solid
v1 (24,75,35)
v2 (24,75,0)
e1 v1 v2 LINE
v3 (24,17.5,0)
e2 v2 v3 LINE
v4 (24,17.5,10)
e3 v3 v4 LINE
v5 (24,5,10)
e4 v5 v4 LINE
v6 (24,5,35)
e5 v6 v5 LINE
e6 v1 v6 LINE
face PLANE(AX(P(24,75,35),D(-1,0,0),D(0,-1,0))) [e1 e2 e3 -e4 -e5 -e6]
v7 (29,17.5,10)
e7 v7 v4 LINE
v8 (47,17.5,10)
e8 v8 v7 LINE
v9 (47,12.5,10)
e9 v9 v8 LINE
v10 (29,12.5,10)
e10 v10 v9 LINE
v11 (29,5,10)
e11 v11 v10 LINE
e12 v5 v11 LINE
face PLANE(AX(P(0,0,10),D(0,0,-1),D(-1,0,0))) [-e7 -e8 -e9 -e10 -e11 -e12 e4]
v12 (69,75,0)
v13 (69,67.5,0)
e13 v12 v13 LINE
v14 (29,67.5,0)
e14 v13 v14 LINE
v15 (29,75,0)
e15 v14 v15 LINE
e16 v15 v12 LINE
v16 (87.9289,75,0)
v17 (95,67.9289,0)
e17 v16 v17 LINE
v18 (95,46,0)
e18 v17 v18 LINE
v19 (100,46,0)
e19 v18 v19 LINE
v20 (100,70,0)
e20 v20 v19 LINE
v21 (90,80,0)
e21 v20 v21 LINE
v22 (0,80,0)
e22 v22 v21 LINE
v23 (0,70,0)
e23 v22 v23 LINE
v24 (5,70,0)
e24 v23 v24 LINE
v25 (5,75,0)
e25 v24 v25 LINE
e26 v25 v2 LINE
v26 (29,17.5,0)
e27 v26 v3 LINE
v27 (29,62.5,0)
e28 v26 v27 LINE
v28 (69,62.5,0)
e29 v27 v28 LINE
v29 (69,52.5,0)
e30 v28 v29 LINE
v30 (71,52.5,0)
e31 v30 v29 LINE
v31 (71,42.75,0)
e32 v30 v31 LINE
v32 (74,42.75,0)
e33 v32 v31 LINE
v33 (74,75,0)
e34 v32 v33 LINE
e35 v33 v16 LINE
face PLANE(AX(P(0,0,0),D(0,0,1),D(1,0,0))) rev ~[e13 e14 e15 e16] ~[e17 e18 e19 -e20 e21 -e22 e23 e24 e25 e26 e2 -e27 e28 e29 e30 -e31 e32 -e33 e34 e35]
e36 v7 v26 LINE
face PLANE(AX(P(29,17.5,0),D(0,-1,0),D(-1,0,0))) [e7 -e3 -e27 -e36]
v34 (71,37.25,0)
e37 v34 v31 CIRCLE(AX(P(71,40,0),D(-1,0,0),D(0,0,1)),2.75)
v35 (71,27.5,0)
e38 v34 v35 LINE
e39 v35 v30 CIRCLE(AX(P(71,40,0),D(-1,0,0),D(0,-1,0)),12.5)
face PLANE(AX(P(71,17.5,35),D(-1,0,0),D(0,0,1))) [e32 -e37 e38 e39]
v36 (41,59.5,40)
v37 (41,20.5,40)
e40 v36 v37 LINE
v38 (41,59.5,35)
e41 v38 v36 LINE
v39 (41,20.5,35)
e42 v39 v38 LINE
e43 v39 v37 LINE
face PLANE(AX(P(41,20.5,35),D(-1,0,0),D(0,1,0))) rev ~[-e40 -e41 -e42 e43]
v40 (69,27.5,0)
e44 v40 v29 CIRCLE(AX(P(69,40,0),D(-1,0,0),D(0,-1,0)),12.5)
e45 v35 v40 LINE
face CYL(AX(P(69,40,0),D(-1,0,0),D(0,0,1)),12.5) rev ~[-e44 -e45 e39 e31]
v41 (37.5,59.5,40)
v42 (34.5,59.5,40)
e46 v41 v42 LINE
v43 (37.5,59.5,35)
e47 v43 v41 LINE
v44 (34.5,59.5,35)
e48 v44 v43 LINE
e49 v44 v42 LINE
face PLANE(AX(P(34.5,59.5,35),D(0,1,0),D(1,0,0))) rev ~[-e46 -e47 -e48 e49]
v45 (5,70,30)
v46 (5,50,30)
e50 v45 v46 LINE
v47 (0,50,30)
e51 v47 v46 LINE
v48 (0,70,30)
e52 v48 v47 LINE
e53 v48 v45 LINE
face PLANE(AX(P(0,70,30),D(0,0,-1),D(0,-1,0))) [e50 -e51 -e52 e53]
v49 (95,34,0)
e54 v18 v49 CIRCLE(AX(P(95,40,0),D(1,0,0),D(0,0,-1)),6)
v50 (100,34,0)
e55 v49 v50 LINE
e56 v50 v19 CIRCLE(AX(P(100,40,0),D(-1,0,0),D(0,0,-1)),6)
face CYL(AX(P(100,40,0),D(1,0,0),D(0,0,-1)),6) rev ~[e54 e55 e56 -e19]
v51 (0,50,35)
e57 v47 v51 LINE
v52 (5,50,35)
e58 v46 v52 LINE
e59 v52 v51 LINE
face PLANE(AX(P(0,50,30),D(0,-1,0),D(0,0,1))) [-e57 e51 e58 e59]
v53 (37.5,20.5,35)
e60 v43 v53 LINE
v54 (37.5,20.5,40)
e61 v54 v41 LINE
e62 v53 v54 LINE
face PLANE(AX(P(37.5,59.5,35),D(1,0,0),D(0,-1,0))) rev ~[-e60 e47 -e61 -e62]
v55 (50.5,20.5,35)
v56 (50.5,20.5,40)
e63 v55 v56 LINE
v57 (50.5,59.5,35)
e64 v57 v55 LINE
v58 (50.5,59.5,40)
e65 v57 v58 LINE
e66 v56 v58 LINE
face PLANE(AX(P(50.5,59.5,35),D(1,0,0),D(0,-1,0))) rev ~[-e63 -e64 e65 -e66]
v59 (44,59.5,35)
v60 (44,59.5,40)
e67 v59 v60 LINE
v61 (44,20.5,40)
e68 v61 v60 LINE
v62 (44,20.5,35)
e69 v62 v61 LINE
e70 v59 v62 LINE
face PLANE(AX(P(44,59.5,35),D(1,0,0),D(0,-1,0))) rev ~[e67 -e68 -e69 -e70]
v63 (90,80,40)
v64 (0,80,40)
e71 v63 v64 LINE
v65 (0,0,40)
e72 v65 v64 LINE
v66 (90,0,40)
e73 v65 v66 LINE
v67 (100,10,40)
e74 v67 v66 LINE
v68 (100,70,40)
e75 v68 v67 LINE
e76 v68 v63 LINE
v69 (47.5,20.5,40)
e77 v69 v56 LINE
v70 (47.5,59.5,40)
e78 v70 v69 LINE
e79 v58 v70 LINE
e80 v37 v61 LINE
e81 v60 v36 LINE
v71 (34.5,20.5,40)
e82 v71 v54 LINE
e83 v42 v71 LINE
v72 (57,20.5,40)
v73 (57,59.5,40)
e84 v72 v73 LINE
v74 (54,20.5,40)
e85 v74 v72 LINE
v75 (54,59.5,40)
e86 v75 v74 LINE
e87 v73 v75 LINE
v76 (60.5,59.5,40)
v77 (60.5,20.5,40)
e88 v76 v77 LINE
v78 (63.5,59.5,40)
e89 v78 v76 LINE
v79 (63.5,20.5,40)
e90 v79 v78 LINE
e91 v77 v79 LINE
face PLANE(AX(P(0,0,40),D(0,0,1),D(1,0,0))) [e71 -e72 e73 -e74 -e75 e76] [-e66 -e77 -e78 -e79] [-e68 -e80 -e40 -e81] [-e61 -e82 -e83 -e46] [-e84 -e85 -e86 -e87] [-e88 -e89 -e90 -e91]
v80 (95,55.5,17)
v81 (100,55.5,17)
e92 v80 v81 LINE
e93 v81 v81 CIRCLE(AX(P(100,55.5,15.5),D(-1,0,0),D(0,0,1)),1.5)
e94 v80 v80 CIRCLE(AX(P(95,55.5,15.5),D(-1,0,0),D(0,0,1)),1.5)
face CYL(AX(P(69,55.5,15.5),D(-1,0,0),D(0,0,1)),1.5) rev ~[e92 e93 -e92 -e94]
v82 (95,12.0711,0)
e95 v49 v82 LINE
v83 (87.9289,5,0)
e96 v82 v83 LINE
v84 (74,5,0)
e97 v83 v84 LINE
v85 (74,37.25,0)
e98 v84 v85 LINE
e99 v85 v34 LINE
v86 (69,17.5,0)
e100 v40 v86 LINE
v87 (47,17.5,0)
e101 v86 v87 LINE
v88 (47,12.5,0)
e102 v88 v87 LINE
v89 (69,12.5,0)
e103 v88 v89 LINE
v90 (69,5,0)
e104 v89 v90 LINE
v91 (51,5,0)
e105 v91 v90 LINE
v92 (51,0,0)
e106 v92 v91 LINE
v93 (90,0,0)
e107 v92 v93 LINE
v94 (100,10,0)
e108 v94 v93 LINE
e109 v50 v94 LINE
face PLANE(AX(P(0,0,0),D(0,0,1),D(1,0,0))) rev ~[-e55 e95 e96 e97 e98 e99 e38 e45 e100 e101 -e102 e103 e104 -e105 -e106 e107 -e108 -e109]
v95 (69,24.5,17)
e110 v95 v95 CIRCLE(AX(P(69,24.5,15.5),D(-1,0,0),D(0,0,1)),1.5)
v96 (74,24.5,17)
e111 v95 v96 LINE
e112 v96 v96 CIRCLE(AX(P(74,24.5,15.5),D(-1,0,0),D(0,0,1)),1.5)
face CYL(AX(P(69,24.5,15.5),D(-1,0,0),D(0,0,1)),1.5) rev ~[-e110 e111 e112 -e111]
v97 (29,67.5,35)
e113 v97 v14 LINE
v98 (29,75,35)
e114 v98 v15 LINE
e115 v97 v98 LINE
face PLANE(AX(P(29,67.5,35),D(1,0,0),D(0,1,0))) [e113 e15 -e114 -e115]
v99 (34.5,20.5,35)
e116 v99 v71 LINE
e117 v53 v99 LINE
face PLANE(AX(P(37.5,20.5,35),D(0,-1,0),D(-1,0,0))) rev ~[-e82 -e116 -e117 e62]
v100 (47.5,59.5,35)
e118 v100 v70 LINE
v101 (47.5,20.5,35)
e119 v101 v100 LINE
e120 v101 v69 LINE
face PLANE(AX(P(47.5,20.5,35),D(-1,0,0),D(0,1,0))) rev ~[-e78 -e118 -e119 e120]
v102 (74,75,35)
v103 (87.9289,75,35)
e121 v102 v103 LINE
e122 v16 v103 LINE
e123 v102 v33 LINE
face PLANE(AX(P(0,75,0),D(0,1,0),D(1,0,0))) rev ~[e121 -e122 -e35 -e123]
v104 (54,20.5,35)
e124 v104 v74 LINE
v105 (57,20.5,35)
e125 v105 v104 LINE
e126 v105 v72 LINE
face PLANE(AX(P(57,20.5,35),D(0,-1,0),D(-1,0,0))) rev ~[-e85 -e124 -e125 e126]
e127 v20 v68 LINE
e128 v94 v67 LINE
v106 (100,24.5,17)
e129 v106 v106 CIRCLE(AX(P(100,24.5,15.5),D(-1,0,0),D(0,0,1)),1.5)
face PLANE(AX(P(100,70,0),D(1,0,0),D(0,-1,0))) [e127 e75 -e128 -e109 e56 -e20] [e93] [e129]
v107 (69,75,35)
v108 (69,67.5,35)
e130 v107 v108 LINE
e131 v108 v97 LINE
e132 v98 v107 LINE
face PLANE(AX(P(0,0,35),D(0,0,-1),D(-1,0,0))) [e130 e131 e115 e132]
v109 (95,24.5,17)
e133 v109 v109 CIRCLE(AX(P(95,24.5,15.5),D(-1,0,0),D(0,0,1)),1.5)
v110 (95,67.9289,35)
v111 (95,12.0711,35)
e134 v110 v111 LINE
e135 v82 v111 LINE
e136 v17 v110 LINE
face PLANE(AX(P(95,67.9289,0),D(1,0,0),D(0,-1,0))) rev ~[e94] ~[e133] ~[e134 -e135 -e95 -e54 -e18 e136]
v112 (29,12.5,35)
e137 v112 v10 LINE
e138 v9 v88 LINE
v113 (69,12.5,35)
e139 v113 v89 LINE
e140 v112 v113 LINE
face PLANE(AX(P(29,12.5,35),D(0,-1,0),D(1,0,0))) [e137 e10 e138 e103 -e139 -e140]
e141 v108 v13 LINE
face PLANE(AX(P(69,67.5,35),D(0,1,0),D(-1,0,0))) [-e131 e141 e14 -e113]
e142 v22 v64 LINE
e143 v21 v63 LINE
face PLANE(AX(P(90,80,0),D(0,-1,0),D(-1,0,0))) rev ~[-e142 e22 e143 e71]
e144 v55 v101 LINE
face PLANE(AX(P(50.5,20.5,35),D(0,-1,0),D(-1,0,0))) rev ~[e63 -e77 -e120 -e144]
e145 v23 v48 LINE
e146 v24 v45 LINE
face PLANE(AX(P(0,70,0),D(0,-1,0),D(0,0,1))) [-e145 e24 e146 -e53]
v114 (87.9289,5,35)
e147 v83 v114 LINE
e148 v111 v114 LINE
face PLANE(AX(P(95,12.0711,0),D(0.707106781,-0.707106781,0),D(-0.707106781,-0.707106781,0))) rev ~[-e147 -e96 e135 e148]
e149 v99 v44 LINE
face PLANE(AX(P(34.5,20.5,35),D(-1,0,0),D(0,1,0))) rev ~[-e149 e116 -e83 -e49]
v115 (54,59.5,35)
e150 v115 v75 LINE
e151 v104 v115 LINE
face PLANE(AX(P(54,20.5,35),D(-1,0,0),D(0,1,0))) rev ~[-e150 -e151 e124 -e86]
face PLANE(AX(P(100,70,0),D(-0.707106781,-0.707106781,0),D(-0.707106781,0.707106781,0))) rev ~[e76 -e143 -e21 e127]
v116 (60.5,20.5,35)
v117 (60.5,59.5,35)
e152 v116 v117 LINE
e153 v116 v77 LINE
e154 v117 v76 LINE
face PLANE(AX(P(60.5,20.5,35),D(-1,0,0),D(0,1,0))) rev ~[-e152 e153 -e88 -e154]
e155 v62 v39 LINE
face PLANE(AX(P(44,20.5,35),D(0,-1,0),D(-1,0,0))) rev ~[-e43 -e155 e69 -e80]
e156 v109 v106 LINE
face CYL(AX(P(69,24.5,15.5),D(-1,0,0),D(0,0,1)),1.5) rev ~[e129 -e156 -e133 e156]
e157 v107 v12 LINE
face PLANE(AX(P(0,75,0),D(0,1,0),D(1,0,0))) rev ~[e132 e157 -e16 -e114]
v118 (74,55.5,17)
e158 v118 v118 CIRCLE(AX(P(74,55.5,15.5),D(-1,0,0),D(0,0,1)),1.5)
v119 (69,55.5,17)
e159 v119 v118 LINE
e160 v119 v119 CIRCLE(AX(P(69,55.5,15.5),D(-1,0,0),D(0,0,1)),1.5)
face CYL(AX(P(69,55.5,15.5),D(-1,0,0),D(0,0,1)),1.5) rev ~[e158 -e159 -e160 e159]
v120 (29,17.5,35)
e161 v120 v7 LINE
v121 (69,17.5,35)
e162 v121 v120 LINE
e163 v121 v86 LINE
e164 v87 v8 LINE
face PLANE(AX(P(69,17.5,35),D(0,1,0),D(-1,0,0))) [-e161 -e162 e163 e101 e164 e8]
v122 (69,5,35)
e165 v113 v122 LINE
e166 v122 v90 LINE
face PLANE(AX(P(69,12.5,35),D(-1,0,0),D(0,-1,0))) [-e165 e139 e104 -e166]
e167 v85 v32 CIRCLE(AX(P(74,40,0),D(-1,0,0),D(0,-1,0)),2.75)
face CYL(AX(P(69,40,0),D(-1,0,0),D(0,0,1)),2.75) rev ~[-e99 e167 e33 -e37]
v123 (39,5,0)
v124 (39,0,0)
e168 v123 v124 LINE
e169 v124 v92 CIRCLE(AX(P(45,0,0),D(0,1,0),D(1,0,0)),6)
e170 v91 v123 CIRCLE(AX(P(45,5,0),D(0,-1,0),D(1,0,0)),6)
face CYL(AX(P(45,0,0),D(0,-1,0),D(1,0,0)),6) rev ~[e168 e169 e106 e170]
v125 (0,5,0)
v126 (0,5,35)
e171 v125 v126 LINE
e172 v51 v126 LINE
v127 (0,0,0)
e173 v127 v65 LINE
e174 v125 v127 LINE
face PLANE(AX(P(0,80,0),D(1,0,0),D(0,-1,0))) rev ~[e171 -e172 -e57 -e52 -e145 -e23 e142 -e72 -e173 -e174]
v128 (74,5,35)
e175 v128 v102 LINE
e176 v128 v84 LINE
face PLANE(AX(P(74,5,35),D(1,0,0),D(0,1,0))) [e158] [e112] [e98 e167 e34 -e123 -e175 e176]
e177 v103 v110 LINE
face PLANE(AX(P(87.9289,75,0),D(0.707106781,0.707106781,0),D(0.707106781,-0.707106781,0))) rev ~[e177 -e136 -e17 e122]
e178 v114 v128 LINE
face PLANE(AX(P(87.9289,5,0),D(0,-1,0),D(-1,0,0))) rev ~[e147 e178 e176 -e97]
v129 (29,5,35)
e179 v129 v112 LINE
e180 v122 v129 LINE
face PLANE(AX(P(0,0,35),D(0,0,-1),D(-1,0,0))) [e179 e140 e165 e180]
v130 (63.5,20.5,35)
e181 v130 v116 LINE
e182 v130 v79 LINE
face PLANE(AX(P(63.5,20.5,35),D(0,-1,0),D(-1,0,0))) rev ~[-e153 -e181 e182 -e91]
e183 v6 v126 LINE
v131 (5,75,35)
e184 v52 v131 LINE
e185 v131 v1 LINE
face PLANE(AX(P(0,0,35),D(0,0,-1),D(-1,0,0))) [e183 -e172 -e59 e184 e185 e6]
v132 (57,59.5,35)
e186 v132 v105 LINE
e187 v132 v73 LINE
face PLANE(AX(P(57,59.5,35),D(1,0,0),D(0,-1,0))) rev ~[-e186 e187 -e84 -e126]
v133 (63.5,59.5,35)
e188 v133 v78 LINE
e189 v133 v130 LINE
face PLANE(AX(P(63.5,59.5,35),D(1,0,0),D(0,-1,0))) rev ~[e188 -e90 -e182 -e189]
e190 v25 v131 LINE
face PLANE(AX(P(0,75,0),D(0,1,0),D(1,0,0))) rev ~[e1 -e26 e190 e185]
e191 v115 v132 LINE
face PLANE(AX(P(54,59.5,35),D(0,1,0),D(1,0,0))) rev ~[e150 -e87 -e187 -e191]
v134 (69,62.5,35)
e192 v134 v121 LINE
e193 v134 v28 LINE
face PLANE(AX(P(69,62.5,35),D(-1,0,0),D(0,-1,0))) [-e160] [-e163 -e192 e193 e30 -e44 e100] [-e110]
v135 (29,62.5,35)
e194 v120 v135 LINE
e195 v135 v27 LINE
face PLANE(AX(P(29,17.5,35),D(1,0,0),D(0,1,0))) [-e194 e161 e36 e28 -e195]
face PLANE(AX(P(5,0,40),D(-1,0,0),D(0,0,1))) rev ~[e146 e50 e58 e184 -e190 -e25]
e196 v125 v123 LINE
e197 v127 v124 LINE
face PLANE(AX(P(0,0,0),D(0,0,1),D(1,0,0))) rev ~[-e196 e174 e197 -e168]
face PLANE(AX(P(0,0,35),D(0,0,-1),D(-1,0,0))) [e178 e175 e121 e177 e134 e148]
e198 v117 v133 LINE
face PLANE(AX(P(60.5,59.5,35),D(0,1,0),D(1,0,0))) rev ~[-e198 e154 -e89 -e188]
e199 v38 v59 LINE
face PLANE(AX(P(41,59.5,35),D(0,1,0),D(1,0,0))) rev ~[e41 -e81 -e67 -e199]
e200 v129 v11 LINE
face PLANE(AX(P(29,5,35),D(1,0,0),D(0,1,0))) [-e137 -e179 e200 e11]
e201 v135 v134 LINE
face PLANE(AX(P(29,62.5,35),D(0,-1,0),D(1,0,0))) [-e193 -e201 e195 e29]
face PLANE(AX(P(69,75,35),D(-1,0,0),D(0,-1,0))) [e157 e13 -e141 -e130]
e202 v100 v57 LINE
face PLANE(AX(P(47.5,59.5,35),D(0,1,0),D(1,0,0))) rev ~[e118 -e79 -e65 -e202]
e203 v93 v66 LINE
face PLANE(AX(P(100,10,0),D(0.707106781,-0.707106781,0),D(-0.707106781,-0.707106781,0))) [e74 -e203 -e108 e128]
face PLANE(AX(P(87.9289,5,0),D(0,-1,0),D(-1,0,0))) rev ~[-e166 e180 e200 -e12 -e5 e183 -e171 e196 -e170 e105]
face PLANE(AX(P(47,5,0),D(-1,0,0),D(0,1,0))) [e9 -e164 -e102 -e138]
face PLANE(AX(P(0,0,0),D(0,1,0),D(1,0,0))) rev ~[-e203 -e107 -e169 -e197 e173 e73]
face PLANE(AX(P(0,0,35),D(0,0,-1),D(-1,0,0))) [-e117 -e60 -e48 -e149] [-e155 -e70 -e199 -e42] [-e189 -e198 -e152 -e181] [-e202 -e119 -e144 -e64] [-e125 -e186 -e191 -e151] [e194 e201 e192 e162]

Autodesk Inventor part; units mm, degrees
ref_plane "YZ Plane" through (0, 0, 0) normal (1, 0, 0) x (0, 1, 0)
ref_plane "XZ Plane" through (0, 0, 0) normal (0, 1, 0) x (-1, 0, 0)
ref_plane "XY Plane" through (0, 0, 0) normal (0, 0, 1) x (1, 0, 0)
sketch "Sketch1" plane through (0, 0, 0) normal (0, 0, 1) x (1, 0, 0)
  line L0 (0, 0) -> (100, 0)
  line L1 (100, 0) -> (100, 80) construction
  line L2 (100, 80) -> (0, 80)
  line L3 (0, 80) -> (0, 0)
  line L4 (100, 70) -> (90, 80)
  line L5 (100, 10) -> (90, 0)
  line L6 (100, 70) -> (100, 10)
  dimension "d0" = 100
  dimension "d1" = 80
  dimension "d23" = 10
  dimension "d24" = 10
  dimension "d25" = 10
  dimension "d26" = 10
extrude "Extrusion1" add sketch "Sketch1" along normal blind 40
sketch "Sketch4" plane through (0, 0, 0) normal (0, 0, -1) x (-1, 0, 0)
  line L0 (-90, 80) -> (0, 80) projected
  line L1 (0, 0) -> (-90, 0) projected
  line L2 (-100, 70) -> (-90, 80) projected
  line L3 (-100, 10) -> (-100, 70) projected
  line L4 (-90, 0) -> (-100, 10) projected
  line L5 (0, 75) -> (-87.9289, 75)
  line L6 (-87.9289, 75) -> (-95, 67.9289)
  line L7 (-95, 67.9289) -> (-95, 12.0711)
  line L8 (-95, 12.0711) -> (-87.9289, 5)
  line L9 (-87.9289, 5) -> (0, 5)
  line L10 (0, 75) -> (0, 5)
  line L11 (0, 80) -> (0, 0) projected
  dimension "d27" = 5
extrude "Extrusion4" cut sketch "Sketch4" against normal blind 35 contours L10 L9 L8 L7 L6 L5
sketch "Sketch5" plane through (0, 0, 40) normal (-1, 0, 0) x (0, 0, 1)
  line L0 (0, 0) -> (0, 80)
  line L1 (-40, 5) -> (-40, 75)
  line L2 (0, 80) -> (-40, 80)
  line L3 (-40, 80) -> (-40, 70)
  line L4 (-40, 70) -> (0, 70)
  line L5 (0, 70) -> (0, 80)
  line L6 (0, 80) -> (-10, 80)
  line L7 (-10, 80) -> (-10, 50)
  line L8 (-10, 50) -> (0, 50)
  line L9 (0, 50) -> (0, 80)
  line L10 (-40, 0) -> (0, 0)
  dimension "d15" = 10
  dimension "d16" = 10
  dimension "d17" = 50
extrude "Extrusion5" add sketch "Sketch5" against normal blind 5
sketch "Sketch6" plane through (100, 10, 0) normal (1, 0, 0) x (0, 0, -1)
  circle A0 centre (0, 30) radius 6
  line L0 (0, 0) -> (0, 60) projected
  dimension "d20" = 12
extrude "Extrusion6" cut sketch "Sketch6" against normal through all
sketch "Sketch7" plane through (0, 0, 35) normal (0, 0, -1) x (-1, 0, 0)
  line L0 (-87.9289, 75) -> (-5, 75) projected
  line L1 (0, 5) -> (-87.9289, 5) projected
  line L2 (-74, 75) -> (-69, 75)
  line L3 (-69, 75) -> (-69, 5)
  line L4 (-69, 5) -> (-74, 5)
  line L5 (-74, 5) -> (-74, 75)
  line L6 (-95, 46) -> (-95, 67.9289) projected
  line L7 (-29, 75) -> (-24, 75)
  line L8 (-24, 75) -> (-24, 5)
  line L9 (-24, 5) -> (-29, 5)
  line L10 (-29, 5) -> (-29, 75)
  line L11 (-69, 67.5) -> (-29, 67.5)
  line L12 (-29, 67.5) -> (-29, 62.5)
  line L13 (-29, 62.5) -> (-69, 62.5)
  line L14 (-69, 62.5) -> (-69, 67.5)
  line L15 (-69, 17.5) -> (-29, 17.5)
  line L16 (-29, 17.5) -> (-29, 12.5)
  line L17 (-29, 12.5) -> (-69, 12.5)
  line L18 (-69, 12.5) -> (-69, 17.5)
  line L19 (-49, 67.5) -> (-49, 12.5) construction
  point P0 (0, 0)
  point P1 (-49, 40)
  point P2 (-69, 40)
  dimension "d28" = 5
  dimension "d29" = 21
  dimension "d30" = 5
  dimension "d31" = 40
  dimension "d32" = 5
  dimension "d33" = 5
  dimension "d34" = 45
extrude "Extrusion7" add sketch "Sketch7" along normal blind 35 contours L0 L3 L1 L5 | L0 L8 L1 L10 | L11 L10 L13 L3 | L3 L15 L10 L17
sketch "Sketch8" plane through (0, 0, 0) normal (0, 0, -1) x (-1, 0, 0)
  line L0 (-24, 5) -> (-24, 75) projected
  line L1 (-69, 17.5) -> (-29, 17.5) projected
  line L2 (-24, 5) -> (-47, 5)
  line L3 (-47, 5) -> (-47, 17.5)
  line L4 (-47, 17.5) -> (-24, 17.5)
  line L5 (-24, 17.5) -> (-24, 5)
  point P0 (0, 0)
  dimension "d37" = 23
extrude "Extrusion8" cut sketch "Sketch8" against normal blind 10
sketch "Sketch9" plane through (69, 17.5, 35) normal (-1, 0, 0) x (0, 0, 1)
  line L0 (-35, 0) -> (-35, 45) projected
  circle A0 centre (-35, 22.5) radius 2.75
  line L1 (-50.5, 7) -> (-19.5, 7) construction
  line L2 (-19.5, 7) -> (-19.5, 38) construction
  line L3 (-19.5, 38) -> (-50.5, 38) construction
  line L4 (-50.5, 38) -> (-50.5, 7) construction
  line L5 (-50.5, 7) -> (-19.5, 38) construction
  line L6 (-19.5, 7) -> (-50.5, 38) construction
  circle A1 centre (-19.5, 38) radius 1.5
  circle A2 centre (-19.5, 7) radius 1.5
  point P0 (-35, -17.5)
  dimension "d40" = 5.5
  dimension "d41" = 31
  dimension "d42" = 31
  dimension "d43" = 3
  dimension "d44" = 3
extrude "Extrusion9" cut sketch "Sketch9" against normal through all
sketch "Sketch10" plane through (0, 0, 35) normal (0, 0, -1) x (-1, 0, 0)
  line L0 (-34.5, 59.5) -> (-37.5, 59.5)
  line L1 (-37.5, 59.5) -> (-37.5, 20.5)
  line L2 (-37.5, 20.5) -> (-34.5, 20.5)
  line L3 (-34.5, 20.5) -> (-34.5, 59.5)
  line L4 (-29, 62.5) -> (-29, 17.5) projected
  line L5 (-69, 62.5) -> (-29, 62.5) projected
  line L6 (-29, 17.5) -> (-24, 17.5) projected
  line L7 (-41, 59.5) -> (-44, 59.5)
  line L8 (-44, 59.5) -> (-44, 20.5)
  line L9 (-44, 20.5) -> (-41, 20.5)
  line L10 (-41, 20.5) -> (-41, 59.5)
  line L11 (-47.5, 59.5) -> (-50.5, 59.5)
  line L12 (-50.5, 59.5) -> (-50.5, 20.5)
  line L13 (-50.5, 20.5) -> (-47.5, 20.5)
  line L14 (-47.5, 20.5) -> (-47.5, 59.5)
  line L15 (-54, 59.5) -> (-57, 59.5)
  line L16 (-57, 59.5) -> (-57, 20.5)
  line L17 (-57, 20.5) -> (-54, 20.5)
  line L18 (-54, 20.5) -> (-54, 59.5)
  line L19 (-60.5, 59.5) -> (-63.5, 59.5)
  line L20 (-63.5, 59.5) -> (-63.5, 20.5)
  line L21 (-63.5, 20.5) -> (-60.5, 20.5)
  line L22 (-60.5, 20.5) -> (-60.5, 59.5)
  point P0 (0, 0)
  dimension "d47" = 3
  dimension "d49" = 5.5
  dimension "d50" = 3
  dimension "d51" = 3
  dimension "d54" = 6.5
extrude "Extrusion10" cut sketch "Sketch10" against normal through all
sketch "Sketch11" plane through (0, 0, 0) normal (0, -1, 0) x (1, 0, 0)
  circle A0 centre (45, 0) radius 6
  line L0 (0, 0) -> (90, 0) projected
  dimension "d61" = 12
extrude "Extrusion11" cut sketch "Sketch11" against normal blind 5
sketch "Sketch12" plane through (69, 17.5, 35) normal (-1, 0, 0) x (0, 0, 1)
  arc A0 (-35, 19.75) -> (-35, 25.25) centre (-35, 22.5) ccw projected
  circle A1 centre (-35, 22.5) radius 12.5
  point P0 (-35, -17.5)
  dimension "d64" = 25
extrude "Extrusion12" cut sketch "Sketch12" against normal blind 2
properties part number "FA002" material "ABS Plastic"
